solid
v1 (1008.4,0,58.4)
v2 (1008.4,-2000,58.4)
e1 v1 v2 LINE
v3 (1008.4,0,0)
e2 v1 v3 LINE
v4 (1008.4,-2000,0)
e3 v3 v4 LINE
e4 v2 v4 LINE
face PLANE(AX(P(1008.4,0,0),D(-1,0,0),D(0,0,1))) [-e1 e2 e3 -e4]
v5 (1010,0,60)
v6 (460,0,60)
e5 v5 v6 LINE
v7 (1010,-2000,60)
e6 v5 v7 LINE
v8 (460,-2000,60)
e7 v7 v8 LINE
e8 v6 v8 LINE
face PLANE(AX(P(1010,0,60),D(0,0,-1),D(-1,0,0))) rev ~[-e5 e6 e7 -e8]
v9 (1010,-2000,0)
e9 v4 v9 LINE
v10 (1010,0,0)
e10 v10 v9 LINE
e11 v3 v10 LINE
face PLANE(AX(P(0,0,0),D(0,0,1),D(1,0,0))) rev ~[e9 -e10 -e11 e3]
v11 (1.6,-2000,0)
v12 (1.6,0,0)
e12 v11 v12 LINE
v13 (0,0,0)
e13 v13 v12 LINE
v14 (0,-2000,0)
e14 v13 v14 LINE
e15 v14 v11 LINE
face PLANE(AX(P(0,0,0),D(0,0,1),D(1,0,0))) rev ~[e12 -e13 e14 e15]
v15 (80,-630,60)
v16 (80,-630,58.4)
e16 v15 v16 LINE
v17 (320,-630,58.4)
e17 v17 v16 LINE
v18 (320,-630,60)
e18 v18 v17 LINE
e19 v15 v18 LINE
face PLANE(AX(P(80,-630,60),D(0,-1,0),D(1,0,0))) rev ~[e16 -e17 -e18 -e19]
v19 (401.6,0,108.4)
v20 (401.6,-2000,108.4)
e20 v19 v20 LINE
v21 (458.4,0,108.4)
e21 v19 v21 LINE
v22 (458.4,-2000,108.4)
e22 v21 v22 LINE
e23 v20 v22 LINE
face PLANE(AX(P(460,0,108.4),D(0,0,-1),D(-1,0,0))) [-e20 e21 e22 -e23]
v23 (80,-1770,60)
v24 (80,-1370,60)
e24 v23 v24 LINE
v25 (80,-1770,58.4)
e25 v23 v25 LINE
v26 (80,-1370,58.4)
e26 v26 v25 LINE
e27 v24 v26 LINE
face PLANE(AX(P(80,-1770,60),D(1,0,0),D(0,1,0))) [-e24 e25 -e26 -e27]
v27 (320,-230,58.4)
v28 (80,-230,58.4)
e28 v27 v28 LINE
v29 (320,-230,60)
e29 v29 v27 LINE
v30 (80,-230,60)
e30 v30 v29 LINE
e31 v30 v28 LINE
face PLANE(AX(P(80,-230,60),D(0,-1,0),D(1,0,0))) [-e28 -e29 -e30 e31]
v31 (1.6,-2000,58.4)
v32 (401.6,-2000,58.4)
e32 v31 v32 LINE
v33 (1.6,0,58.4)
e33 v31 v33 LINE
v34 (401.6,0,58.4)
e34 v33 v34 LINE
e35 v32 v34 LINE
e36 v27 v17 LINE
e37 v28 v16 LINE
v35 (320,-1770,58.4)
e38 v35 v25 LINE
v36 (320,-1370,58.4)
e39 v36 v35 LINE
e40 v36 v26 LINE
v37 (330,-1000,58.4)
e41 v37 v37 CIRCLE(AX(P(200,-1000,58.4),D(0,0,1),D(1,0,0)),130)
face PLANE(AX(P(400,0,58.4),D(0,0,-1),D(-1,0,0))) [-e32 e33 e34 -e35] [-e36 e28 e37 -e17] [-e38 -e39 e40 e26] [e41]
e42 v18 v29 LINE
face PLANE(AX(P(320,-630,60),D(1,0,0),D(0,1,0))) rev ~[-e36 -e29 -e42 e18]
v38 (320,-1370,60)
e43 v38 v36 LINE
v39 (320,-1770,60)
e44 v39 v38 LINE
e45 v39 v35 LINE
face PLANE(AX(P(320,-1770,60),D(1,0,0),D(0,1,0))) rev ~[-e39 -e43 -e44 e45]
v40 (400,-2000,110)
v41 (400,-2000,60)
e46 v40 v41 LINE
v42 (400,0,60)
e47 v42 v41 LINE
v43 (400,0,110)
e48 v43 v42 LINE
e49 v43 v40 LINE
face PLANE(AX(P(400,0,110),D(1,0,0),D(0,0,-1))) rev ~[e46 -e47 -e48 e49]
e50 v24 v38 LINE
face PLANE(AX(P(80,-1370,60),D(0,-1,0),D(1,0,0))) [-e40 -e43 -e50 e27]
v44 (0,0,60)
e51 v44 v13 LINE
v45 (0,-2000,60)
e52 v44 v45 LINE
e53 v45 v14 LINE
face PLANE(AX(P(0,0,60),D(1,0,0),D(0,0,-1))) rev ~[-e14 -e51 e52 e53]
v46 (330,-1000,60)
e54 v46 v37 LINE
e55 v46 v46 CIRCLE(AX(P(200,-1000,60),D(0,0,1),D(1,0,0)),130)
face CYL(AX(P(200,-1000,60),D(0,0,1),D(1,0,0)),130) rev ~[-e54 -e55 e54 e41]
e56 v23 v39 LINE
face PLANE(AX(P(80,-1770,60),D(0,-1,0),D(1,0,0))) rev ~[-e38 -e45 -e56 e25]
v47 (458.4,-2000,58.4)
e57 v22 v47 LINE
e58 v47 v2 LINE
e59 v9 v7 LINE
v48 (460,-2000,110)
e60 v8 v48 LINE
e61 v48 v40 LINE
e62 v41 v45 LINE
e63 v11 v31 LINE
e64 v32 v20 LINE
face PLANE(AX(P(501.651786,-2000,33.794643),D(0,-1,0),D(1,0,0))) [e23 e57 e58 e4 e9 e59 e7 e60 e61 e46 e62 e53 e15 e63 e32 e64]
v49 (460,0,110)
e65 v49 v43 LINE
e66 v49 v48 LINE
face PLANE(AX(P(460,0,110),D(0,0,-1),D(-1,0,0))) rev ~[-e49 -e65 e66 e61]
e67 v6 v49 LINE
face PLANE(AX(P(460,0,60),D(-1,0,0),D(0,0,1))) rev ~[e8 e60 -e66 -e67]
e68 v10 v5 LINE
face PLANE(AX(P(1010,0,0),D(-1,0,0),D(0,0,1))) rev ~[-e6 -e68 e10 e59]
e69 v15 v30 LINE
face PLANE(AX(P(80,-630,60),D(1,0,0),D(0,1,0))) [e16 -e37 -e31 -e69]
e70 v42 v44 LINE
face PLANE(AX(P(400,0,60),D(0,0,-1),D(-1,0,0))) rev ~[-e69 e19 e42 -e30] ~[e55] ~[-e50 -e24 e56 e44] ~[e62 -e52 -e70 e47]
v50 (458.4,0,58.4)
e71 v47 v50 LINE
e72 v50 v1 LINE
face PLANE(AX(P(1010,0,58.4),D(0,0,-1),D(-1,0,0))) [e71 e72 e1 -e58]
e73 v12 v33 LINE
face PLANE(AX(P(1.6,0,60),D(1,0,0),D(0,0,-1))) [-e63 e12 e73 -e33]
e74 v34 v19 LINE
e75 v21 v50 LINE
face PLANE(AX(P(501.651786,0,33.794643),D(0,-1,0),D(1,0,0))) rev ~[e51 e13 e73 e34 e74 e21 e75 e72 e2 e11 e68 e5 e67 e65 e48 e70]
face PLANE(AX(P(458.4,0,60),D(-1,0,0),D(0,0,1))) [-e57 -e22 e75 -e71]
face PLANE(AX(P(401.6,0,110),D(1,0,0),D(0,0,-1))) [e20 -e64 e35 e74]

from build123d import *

# Parameters (mm, degrees)
F1_DEPTH = 2000
F2_T     = -1.6
F3_R     = 130
F3_W     = 240
F3_H     = 400
F4_DEPTH = 60.001


with BuildPart() as f1:
    # F0 (on Front) → F1 (new body)
    with BuildSketch(Plane.XZ):
        Polygon((0, 60), (0, 0), (1010, 0), (1010, 60), (460, 60), (460, 110), (400, 110), (400, 60), align=None)
    extrude(amount=F1_DEPTH)

    # F2
    f2_openings = [f1.faces().sort_by_distance(p)[0] for p in [
        (505, -1000, 0),
        (501.462264, -2000, 32.59434),
        (501.462264, 0, 32.59434),
    ]]
    offset(amount=F2_T, openings=f2_openings, kind=Kind.INTERSECTION)

    # F3 (on face) → F4 (cut, through all)
    with BuildSketch(Plane.XY.offset(60)):
        with Locations((200, -1000)):
            Circle(F3_R)
        with Locations((200, -430)):
            Rectangle(F3_W, F3_H)
        with Locations((200, -1570)):
            Rectangle(F3_W, F3_H)
    extrude(amount=-F4_DEPTH, mode=Mode.SUBTRACT)


solid = f1.part
